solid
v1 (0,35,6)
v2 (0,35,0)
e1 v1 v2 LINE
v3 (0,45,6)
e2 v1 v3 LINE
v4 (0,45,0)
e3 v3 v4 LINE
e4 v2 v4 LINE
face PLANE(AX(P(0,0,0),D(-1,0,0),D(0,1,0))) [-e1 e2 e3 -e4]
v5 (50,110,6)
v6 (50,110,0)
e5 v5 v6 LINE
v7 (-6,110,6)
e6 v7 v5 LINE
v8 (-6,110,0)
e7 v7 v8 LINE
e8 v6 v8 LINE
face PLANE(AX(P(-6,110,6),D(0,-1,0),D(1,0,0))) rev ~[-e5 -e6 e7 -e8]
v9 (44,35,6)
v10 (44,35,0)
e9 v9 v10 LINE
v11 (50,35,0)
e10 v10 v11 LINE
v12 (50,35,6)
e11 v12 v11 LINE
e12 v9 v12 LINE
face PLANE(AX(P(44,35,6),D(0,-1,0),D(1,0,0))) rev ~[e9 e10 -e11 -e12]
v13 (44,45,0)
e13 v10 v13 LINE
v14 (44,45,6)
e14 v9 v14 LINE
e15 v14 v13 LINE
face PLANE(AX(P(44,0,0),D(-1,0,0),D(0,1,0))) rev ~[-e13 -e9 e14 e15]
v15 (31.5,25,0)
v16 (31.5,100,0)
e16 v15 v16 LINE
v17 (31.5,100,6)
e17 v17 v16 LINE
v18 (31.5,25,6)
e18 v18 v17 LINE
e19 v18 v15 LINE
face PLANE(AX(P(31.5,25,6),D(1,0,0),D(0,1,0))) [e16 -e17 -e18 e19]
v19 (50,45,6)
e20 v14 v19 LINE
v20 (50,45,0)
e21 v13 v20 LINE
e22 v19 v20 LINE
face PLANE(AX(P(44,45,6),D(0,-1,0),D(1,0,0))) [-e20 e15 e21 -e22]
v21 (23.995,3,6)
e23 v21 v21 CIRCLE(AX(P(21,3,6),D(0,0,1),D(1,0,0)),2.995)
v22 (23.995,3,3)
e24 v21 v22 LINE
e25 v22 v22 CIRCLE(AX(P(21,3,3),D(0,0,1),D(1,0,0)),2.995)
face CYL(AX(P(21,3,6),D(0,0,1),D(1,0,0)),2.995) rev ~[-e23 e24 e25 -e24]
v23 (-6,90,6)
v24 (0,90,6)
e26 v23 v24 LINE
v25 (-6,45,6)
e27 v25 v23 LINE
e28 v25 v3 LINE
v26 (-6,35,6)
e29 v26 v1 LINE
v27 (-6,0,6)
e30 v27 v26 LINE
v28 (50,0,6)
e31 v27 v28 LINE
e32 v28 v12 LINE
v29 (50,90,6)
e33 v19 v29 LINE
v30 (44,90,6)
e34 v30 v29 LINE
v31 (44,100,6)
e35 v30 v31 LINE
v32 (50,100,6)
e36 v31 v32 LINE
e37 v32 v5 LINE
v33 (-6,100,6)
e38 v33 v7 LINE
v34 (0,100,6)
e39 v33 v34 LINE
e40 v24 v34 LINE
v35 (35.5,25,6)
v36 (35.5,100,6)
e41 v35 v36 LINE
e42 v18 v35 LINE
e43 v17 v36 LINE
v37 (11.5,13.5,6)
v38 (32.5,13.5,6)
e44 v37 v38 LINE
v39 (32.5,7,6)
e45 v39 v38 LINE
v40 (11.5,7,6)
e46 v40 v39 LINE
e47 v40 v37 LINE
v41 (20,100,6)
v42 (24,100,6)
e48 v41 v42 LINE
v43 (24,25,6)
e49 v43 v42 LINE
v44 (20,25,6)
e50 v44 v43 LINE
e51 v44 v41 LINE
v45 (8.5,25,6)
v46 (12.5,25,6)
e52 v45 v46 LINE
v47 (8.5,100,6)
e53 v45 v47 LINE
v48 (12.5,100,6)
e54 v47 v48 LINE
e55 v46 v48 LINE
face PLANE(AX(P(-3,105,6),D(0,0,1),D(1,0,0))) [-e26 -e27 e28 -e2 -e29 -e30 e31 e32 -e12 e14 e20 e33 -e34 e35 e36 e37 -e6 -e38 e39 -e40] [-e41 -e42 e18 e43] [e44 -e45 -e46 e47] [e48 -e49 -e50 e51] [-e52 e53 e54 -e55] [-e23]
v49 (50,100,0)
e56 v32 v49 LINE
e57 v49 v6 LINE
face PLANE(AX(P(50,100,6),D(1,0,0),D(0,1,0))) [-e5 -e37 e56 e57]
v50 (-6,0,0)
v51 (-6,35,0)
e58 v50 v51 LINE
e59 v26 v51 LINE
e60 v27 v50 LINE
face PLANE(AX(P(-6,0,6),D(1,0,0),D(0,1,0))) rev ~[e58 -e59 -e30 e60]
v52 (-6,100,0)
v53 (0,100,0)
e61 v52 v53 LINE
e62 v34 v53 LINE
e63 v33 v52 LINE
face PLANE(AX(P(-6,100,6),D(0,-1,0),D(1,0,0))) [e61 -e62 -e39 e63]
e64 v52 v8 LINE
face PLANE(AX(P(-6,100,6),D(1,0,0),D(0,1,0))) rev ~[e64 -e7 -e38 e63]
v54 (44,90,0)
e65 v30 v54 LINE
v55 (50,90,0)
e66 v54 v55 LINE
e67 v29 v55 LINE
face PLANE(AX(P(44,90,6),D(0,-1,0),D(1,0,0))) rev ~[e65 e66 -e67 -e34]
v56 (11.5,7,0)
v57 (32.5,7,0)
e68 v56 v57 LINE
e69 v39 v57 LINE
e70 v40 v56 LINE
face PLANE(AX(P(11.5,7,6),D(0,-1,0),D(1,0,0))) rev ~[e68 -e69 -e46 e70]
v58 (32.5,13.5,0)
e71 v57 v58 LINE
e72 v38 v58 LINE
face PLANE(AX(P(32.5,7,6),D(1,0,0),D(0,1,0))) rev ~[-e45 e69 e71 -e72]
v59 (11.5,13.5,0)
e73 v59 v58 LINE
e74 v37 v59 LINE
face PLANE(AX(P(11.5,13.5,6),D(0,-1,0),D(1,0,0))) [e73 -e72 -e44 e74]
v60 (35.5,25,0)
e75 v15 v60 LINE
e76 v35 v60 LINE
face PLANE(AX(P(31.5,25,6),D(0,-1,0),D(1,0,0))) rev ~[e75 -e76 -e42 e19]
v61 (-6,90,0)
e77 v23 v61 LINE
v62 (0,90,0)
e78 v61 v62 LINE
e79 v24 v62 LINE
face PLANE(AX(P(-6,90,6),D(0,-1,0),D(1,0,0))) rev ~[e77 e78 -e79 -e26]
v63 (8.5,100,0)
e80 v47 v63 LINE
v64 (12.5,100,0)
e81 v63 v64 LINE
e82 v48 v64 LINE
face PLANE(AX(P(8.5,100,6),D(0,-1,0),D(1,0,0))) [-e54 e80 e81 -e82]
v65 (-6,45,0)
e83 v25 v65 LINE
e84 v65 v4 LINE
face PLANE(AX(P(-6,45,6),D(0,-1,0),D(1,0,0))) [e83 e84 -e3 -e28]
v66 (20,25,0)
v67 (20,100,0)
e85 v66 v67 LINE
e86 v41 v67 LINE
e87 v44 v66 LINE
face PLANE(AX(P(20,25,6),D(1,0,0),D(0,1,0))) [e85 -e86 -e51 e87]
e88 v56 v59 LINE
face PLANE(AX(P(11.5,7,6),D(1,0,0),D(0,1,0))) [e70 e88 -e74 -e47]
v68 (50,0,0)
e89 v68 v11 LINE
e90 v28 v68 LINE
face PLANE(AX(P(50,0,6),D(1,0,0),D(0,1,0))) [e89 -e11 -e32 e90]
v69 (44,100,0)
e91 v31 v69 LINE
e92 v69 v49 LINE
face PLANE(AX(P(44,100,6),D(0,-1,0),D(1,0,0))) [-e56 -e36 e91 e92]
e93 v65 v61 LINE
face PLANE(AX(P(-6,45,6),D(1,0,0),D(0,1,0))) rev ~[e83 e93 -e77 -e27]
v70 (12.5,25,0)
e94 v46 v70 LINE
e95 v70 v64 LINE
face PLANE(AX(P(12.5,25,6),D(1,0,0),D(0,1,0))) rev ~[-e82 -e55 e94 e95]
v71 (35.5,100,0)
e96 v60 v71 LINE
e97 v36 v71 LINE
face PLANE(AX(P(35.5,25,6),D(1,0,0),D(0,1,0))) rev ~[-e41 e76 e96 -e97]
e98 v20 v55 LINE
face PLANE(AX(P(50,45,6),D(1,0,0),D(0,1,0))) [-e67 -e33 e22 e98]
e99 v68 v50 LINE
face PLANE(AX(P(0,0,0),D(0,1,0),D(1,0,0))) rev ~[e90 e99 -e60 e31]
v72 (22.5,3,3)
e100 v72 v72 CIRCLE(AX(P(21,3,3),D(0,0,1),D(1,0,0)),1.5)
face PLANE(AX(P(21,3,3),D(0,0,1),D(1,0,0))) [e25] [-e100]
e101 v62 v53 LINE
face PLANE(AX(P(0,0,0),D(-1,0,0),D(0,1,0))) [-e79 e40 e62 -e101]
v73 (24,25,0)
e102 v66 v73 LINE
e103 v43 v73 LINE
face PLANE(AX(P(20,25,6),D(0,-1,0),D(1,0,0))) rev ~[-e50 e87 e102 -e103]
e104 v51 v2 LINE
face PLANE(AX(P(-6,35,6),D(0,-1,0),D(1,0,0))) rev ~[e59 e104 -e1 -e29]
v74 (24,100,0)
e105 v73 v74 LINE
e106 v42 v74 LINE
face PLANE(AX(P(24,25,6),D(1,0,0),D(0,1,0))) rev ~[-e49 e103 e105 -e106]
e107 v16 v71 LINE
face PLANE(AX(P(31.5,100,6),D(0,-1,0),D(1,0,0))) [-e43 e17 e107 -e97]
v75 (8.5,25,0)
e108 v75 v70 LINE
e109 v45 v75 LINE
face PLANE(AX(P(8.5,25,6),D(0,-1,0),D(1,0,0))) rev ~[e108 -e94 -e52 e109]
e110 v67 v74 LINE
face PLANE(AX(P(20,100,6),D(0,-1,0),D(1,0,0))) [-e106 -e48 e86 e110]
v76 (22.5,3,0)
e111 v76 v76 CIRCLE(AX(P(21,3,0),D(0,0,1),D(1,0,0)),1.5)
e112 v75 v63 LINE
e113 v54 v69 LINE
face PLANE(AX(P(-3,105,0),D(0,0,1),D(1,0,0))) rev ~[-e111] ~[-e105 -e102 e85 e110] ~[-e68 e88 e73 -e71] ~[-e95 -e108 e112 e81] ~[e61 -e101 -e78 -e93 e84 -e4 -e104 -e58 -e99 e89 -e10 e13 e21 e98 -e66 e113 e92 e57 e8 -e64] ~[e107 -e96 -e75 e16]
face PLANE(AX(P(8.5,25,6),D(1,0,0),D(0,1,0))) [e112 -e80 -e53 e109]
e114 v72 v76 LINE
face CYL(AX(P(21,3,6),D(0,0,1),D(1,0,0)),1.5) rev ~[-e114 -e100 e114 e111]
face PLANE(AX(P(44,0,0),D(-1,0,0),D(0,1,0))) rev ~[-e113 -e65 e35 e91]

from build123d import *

# Parameters (mm, degrees)
ESQUISSE1_W             = 44
ESQUISSE1_H             = 110
BOSS_EXTRU_1_DEPTH      = 6
ESQUISSE2_W             = 21
ESQUISSE2_H             = 6.5
ESQUISSE2_W_2           = 4
ESQUISSE2_H_2           = 75
ENL_V_MAT_EXTRU_1_DEPTH = 6
ESQUISSE4_W             = 6
ESQUISSE4_H             = 10
ESQUISSE4_H_2           = 45
ESQUISSE4_H_3           = 35
BOSS_EXTRU_2_DEPTH      = 6
ESQUISSE6_R             = 1.5
ENL_V_MAT_EXTRU_3_DEPTH = 6
ESQUISSE8_R             = 2.995
ENL_V_MAT_EXTRU_4_DEPTH = 3


with BuildPart() as part:
    # Esquisse1 → Boss.-Extru.1 (new body)
    with BuildSketch(Plane.XY):
        with Locations((22, 55)):
            Rectangle(ESQUISSE1_W, ESQUISSE1_H)
    extrude(amount=BOSS_EXTRU_1_DEPTH)

    # Esquisse2 → Enlèv. mat.-Extru.1 (cut)
    with BuildSketch(Plane.XY.offset(6)):
        with Locations((22, 10.25)):
            Rectangle(ESQUISSE2_W, ESQUISSE2_H)
        with Locations((22, 62.5)):
            Rectangle(ESQUISSE2_W_2, ESQUISSE2_H_2)
        with Locations((33.5, 62.5)):
            Rectangle(ESQUISSE2_W_2, ESQUISSE2_H_2)
        with Locations((10.5, 62.5)):
            Rectangle(ESQUISSE2_W_2, ESQUISSE2_H_2)
    extrude(amount=-ENL_V_MAT_EXTRU_1_DEPTH, mode=Mode.SUBTRACT)

    # Esquisse4 → Boss.-Extru.2 (add)
    with BuildSketch(Plane.XY.offset(6)):
        with Locations((-3, 105)):
            Rectangle(ESQUISSE4_W, ESQUISSE4_H)
        with Locations((-3, 67.5)):
            Rectangle(ESQUISSE4_W, ESQUISSE4_H_2)
        with Locations((-3, 17.5)):
            Rectangle(ESQUISSE4_W, ESQUISSE4_H_3)
        with Locations((47, 17.5)):
            Rectangle(ESQUISSE4_W, ESQUISSE4_H_3)
        with Locations((47, 67.5)):
            Rectangle(ESQUISSE4_W, ESQUISSE4_H_2)
        with Locations((47, 105)):
            Rectangle(ESQUISSE4_W, ESQUISSE4_H)
    extrude(amount=-BOSS_EXTRU_2_DEPTH)

    # Esquisse6 → Enlèv. mat.-Extru.3 (cut)
    with BuildSketch(Plane.XY.offset(6)):
        with Locations((21, 3)):
            Circle(ESQUISSE6_R)
    extrude(amount=-ENL_V_MAT_EXTRU_3_DEPTH, mode=Mode.SUBTRACT)

    # Esquisse8 → Enlèv. mat.-Extru.4 (cut)
    with BuildSketch(Plane.XY.offset(6)):
        with Locations((21, 3)):
            Circle(ESQUISSE8_R)
    extrude(amount=-ENL_V_MAT_EXTRU_4_DEPTH, mode=Mode.SUBTRACT)


solid = part.part
